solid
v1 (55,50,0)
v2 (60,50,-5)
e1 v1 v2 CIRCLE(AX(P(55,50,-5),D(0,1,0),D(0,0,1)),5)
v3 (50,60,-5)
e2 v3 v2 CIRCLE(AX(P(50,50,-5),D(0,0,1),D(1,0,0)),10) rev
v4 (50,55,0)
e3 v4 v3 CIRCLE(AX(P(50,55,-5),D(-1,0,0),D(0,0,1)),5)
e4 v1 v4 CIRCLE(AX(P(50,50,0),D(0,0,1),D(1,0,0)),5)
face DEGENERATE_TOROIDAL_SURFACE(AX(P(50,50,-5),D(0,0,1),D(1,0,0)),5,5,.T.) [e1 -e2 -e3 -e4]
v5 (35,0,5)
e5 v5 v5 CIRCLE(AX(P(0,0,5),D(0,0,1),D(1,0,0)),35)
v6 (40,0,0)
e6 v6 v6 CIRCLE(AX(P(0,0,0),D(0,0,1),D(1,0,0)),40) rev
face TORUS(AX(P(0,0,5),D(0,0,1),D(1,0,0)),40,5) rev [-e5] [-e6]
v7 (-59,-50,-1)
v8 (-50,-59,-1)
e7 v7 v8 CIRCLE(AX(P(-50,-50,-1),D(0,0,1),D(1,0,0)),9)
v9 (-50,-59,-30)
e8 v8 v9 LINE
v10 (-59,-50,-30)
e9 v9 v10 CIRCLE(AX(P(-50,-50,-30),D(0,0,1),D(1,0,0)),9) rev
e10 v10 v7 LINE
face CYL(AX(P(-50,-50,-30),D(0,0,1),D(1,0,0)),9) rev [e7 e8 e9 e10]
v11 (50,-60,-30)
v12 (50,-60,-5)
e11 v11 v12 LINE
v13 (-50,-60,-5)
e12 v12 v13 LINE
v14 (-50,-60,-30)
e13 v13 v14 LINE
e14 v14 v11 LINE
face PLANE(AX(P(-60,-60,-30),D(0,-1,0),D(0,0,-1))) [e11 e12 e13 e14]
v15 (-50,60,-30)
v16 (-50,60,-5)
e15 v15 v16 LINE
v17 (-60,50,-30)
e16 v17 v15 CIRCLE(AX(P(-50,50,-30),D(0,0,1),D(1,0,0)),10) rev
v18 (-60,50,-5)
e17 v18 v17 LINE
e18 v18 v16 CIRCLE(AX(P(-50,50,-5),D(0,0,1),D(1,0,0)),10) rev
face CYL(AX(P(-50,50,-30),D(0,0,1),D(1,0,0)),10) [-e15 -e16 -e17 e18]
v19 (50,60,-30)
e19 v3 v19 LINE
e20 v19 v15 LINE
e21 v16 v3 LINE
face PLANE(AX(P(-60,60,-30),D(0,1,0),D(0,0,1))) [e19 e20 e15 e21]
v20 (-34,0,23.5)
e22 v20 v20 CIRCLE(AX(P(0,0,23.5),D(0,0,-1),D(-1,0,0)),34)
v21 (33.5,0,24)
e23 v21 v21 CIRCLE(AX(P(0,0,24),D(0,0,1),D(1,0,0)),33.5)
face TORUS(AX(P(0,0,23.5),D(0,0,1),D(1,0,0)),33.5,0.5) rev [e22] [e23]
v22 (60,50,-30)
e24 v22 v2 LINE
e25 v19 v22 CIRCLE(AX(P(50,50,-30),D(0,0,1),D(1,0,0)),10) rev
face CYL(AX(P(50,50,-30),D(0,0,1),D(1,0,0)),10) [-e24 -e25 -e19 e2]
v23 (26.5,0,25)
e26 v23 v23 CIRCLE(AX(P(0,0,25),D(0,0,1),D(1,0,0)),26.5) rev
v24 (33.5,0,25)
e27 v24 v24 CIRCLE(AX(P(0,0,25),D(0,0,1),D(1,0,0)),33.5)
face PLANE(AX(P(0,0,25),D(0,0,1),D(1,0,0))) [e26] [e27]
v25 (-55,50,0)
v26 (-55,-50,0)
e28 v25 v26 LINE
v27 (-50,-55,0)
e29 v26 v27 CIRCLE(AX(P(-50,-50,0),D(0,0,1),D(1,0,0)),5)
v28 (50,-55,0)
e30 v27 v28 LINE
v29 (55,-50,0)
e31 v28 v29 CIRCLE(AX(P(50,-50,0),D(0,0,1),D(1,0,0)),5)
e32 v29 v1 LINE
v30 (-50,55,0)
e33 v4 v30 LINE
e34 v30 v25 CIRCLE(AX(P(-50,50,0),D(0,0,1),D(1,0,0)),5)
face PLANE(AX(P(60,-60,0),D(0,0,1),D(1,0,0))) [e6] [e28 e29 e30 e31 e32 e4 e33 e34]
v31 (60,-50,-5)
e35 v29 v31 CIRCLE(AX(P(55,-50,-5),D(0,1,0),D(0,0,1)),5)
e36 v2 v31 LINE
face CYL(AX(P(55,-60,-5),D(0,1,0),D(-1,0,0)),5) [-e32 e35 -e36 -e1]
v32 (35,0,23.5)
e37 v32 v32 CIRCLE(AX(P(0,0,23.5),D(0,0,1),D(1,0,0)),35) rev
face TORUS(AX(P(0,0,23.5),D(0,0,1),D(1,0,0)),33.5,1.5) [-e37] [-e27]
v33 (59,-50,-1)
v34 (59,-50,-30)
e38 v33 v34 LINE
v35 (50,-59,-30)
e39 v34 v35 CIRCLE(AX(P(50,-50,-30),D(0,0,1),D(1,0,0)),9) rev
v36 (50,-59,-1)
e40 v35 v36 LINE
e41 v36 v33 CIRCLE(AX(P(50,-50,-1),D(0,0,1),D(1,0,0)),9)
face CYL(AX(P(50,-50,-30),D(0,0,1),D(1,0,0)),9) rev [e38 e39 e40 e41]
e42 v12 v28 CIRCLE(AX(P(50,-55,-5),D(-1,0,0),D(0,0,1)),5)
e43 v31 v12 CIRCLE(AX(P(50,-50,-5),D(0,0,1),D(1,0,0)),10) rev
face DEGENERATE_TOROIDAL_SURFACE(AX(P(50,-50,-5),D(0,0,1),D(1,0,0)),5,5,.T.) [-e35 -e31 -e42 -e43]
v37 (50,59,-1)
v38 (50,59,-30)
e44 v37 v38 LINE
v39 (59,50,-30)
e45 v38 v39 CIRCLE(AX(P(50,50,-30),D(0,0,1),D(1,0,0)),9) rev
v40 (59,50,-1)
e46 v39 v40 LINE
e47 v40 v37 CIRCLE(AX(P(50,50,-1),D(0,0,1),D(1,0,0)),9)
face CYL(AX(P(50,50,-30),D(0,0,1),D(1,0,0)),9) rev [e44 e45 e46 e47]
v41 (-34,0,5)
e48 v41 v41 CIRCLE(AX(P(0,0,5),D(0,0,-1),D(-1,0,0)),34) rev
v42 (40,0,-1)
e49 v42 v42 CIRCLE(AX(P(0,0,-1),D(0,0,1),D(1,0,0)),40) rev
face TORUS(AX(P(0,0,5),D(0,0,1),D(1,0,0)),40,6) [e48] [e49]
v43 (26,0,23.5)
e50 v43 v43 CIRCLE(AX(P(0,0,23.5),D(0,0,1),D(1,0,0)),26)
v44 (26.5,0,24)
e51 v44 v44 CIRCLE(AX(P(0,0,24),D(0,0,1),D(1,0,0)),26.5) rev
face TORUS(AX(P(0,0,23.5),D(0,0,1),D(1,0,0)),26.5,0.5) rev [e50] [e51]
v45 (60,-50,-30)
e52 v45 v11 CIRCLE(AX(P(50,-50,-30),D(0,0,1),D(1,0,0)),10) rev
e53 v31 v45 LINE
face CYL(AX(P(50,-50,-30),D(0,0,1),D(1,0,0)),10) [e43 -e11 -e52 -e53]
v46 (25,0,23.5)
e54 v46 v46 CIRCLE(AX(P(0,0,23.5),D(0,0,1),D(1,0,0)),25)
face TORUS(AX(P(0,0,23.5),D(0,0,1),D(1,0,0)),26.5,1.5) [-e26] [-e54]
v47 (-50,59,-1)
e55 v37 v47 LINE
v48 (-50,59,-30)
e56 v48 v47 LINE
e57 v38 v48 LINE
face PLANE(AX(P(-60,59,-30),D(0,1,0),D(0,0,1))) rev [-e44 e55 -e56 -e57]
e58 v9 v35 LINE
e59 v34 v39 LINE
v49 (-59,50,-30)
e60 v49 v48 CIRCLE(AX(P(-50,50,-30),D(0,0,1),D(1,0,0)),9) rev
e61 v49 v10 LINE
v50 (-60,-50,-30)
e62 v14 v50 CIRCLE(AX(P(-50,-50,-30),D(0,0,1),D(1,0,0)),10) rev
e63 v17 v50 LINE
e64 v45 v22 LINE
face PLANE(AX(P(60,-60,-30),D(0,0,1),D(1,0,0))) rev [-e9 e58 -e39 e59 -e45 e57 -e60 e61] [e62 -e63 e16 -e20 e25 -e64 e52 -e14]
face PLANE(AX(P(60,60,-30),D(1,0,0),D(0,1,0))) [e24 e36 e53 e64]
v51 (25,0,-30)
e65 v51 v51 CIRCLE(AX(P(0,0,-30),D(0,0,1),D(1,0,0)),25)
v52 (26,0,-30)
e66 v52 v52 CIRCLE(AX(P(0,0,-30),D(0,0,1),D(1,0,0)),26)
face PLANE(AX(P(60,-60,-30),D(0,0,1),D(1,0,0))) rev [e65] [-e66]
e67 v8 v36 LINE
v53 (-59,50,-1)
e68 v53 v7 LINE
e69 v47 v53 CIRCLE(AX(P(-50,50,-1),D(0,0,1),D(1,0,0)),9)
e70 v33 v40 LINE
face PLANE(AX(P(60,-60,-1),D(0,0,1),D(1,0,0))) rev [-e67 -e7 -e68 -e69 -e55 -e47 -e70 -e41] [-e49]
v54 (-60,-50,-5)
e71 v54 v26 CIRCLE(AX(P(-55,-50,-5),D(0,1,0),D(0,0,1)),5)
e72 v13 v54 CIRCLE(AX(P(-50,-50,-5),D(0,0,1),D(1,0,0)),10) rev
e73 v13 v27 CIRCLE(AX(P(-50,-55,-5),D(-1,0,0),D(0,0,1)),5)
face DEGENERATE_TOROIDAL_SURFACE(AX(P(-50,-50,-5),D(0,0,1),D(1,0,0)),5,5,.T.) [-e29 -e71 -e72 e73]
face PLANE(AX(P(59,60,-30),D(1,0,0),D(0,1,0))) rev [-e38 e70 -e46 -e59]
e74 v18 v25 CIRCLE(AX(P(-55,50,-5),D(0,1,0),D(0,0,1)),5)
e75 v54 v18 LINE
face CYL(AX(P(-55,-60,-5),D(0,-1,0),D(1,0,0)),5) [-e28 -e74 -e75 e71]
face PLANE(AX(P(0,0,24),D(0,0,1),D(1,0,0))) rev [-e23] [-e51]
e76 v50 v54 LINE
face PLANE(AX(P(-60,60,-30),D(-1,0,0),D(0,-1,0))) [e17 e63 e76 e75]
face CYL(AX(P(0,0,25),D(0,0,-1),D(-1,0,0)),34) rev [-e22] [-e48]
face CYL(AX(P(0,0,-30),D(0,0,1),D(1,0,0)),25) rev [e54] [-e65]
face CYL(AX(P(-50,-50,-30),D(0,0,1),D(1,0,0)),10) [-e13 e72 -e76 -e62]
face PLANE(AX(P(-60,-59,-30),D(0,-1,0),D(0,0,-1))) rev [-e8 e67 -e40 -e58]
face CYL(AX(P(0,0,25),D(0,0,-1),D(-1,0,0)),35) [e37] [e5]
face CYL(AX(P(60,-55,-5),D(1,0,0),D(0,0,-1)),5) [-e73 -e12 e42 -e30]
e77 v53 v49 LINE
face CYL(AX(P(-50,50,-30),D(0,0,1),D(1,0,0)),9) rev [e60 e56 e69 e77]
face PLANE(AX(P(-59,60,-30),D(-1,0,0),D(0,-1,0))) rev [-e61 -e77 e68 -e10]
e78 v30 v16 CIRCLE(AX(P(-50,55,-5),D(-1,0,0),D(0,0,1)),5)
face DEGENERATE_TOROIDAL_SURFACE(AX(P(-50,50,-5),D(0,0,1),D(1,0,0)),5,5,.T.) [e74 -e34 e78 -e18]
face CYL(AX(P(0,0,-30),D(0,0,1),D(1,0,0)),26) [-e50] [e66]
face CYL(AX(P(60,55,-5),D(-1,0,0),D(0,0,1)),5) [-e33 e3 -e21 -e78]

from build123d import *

# Parameters (mm, degrees)
SKETCH1_W           = 120
SKETCH1_H           = 120
BOSS_EXTRUDE1_DEPTH = 30
SKETCH2_R           = 35
BOSS_EXTRUDE2_DEPTH = 25
FILLET1_R           = 10
FILLET2_R           = 10
FILLET3_R           = 10
FILLET4_R           = 5
SKETCH9_R           = 25
CUT_EXTRUDE1_DEPTH  = 102.118742081
FILLET5_R           = 1.5
SHELL1_T            = -1
FILLET6_R           = 5


with BuildPart() as part:
    # Sketch1 → Boss-Extrude1 (new body)
    with BuildSketch(Plane.XY):
        Rectangle(SKETCH1_W, SKETCH1_H)
    extrude(amount=-BOSS_EXTRUDE1_DEPTH)

    # Sketch2 → Boss-Extrude2 (add)
    with BuildSketch(Plane.XY):
        Circle(SKETCH2_R)
    extrude(amount=BOSS_EXTRUDE2_DEPTH)

    # Fillet1
    fillet1_edges = [part.edges().sort_by_distance(p)[0] for p in [
        (60, 60, -15),
    ]]
    fillet(fillet1_edges, radius=FILLET1_R)

    # Fillet2
    fillet2_edges = [part.edges().sort_by_distance(p)[0] for p in [
        (-60, 60, -15),
    ]]
    fillet(fillet2_edges, radius=FILLET2_R)

    # Fillet3
    fillet3_edges = [part.edges().sort_by_distance(p)[0] for p in [
        (60, -60, -15),
        (-60, -60, -15),
    ]]
    fillet(fillet3_edges, radius=FILLET3_R)

    # Fillet4
    fillet4_edges = [part.edges().sort_by_distance(p)[0] for p in [
        (-35, 0, 0),
    ]]
    fillet(fillet4_edges, radius=FILLET4_R)

    # Sketch9 → Cut-Extrude1 (cut, through all)
    with BuildSketch(Plane.XY.offset(25)):
        Circle(SKETCH9_R)
    extrude(amount=-CUT_EXTRUDE1_DEPTH, mode=Mode.SUBTRACT)

    # Fillet5
    fillet5_edges = [part.edges().sort_by_distance(p)[0] for p in [
        (-35, 0, 25),
        (-25, 0, 25),
    ]]
    fillet(fillet5_edges, radius=FILLET5_R)

    # Shell1
    shell1_openings = [part.faces().sort_by_distance(p)[0] for p in [
        (-58.302943725, 0, -30),
    ]]
    offset(amount=SHELL1_T, openings=shell1_openings, kind=Kind.INTERSECTION)

    # Fillet6
    fillet6_edges = [part.edges().sort_by_distance(p)[0] for p in [
        (0, 60, 0),
        (57.071067812, 57.071067812, 0),
        (-60, 0, 0),
        (-57.071067812, 57.071067812, 0),
        (0, -60, 0),
        (60, 0, 0),
        (57.071067812, -57.071067812, 0),
        (-57.071067812, -57.071067812, 0),
    ]]
    fillet(fillet6_edges, radius=FILLET6_R)


solid = part.part
